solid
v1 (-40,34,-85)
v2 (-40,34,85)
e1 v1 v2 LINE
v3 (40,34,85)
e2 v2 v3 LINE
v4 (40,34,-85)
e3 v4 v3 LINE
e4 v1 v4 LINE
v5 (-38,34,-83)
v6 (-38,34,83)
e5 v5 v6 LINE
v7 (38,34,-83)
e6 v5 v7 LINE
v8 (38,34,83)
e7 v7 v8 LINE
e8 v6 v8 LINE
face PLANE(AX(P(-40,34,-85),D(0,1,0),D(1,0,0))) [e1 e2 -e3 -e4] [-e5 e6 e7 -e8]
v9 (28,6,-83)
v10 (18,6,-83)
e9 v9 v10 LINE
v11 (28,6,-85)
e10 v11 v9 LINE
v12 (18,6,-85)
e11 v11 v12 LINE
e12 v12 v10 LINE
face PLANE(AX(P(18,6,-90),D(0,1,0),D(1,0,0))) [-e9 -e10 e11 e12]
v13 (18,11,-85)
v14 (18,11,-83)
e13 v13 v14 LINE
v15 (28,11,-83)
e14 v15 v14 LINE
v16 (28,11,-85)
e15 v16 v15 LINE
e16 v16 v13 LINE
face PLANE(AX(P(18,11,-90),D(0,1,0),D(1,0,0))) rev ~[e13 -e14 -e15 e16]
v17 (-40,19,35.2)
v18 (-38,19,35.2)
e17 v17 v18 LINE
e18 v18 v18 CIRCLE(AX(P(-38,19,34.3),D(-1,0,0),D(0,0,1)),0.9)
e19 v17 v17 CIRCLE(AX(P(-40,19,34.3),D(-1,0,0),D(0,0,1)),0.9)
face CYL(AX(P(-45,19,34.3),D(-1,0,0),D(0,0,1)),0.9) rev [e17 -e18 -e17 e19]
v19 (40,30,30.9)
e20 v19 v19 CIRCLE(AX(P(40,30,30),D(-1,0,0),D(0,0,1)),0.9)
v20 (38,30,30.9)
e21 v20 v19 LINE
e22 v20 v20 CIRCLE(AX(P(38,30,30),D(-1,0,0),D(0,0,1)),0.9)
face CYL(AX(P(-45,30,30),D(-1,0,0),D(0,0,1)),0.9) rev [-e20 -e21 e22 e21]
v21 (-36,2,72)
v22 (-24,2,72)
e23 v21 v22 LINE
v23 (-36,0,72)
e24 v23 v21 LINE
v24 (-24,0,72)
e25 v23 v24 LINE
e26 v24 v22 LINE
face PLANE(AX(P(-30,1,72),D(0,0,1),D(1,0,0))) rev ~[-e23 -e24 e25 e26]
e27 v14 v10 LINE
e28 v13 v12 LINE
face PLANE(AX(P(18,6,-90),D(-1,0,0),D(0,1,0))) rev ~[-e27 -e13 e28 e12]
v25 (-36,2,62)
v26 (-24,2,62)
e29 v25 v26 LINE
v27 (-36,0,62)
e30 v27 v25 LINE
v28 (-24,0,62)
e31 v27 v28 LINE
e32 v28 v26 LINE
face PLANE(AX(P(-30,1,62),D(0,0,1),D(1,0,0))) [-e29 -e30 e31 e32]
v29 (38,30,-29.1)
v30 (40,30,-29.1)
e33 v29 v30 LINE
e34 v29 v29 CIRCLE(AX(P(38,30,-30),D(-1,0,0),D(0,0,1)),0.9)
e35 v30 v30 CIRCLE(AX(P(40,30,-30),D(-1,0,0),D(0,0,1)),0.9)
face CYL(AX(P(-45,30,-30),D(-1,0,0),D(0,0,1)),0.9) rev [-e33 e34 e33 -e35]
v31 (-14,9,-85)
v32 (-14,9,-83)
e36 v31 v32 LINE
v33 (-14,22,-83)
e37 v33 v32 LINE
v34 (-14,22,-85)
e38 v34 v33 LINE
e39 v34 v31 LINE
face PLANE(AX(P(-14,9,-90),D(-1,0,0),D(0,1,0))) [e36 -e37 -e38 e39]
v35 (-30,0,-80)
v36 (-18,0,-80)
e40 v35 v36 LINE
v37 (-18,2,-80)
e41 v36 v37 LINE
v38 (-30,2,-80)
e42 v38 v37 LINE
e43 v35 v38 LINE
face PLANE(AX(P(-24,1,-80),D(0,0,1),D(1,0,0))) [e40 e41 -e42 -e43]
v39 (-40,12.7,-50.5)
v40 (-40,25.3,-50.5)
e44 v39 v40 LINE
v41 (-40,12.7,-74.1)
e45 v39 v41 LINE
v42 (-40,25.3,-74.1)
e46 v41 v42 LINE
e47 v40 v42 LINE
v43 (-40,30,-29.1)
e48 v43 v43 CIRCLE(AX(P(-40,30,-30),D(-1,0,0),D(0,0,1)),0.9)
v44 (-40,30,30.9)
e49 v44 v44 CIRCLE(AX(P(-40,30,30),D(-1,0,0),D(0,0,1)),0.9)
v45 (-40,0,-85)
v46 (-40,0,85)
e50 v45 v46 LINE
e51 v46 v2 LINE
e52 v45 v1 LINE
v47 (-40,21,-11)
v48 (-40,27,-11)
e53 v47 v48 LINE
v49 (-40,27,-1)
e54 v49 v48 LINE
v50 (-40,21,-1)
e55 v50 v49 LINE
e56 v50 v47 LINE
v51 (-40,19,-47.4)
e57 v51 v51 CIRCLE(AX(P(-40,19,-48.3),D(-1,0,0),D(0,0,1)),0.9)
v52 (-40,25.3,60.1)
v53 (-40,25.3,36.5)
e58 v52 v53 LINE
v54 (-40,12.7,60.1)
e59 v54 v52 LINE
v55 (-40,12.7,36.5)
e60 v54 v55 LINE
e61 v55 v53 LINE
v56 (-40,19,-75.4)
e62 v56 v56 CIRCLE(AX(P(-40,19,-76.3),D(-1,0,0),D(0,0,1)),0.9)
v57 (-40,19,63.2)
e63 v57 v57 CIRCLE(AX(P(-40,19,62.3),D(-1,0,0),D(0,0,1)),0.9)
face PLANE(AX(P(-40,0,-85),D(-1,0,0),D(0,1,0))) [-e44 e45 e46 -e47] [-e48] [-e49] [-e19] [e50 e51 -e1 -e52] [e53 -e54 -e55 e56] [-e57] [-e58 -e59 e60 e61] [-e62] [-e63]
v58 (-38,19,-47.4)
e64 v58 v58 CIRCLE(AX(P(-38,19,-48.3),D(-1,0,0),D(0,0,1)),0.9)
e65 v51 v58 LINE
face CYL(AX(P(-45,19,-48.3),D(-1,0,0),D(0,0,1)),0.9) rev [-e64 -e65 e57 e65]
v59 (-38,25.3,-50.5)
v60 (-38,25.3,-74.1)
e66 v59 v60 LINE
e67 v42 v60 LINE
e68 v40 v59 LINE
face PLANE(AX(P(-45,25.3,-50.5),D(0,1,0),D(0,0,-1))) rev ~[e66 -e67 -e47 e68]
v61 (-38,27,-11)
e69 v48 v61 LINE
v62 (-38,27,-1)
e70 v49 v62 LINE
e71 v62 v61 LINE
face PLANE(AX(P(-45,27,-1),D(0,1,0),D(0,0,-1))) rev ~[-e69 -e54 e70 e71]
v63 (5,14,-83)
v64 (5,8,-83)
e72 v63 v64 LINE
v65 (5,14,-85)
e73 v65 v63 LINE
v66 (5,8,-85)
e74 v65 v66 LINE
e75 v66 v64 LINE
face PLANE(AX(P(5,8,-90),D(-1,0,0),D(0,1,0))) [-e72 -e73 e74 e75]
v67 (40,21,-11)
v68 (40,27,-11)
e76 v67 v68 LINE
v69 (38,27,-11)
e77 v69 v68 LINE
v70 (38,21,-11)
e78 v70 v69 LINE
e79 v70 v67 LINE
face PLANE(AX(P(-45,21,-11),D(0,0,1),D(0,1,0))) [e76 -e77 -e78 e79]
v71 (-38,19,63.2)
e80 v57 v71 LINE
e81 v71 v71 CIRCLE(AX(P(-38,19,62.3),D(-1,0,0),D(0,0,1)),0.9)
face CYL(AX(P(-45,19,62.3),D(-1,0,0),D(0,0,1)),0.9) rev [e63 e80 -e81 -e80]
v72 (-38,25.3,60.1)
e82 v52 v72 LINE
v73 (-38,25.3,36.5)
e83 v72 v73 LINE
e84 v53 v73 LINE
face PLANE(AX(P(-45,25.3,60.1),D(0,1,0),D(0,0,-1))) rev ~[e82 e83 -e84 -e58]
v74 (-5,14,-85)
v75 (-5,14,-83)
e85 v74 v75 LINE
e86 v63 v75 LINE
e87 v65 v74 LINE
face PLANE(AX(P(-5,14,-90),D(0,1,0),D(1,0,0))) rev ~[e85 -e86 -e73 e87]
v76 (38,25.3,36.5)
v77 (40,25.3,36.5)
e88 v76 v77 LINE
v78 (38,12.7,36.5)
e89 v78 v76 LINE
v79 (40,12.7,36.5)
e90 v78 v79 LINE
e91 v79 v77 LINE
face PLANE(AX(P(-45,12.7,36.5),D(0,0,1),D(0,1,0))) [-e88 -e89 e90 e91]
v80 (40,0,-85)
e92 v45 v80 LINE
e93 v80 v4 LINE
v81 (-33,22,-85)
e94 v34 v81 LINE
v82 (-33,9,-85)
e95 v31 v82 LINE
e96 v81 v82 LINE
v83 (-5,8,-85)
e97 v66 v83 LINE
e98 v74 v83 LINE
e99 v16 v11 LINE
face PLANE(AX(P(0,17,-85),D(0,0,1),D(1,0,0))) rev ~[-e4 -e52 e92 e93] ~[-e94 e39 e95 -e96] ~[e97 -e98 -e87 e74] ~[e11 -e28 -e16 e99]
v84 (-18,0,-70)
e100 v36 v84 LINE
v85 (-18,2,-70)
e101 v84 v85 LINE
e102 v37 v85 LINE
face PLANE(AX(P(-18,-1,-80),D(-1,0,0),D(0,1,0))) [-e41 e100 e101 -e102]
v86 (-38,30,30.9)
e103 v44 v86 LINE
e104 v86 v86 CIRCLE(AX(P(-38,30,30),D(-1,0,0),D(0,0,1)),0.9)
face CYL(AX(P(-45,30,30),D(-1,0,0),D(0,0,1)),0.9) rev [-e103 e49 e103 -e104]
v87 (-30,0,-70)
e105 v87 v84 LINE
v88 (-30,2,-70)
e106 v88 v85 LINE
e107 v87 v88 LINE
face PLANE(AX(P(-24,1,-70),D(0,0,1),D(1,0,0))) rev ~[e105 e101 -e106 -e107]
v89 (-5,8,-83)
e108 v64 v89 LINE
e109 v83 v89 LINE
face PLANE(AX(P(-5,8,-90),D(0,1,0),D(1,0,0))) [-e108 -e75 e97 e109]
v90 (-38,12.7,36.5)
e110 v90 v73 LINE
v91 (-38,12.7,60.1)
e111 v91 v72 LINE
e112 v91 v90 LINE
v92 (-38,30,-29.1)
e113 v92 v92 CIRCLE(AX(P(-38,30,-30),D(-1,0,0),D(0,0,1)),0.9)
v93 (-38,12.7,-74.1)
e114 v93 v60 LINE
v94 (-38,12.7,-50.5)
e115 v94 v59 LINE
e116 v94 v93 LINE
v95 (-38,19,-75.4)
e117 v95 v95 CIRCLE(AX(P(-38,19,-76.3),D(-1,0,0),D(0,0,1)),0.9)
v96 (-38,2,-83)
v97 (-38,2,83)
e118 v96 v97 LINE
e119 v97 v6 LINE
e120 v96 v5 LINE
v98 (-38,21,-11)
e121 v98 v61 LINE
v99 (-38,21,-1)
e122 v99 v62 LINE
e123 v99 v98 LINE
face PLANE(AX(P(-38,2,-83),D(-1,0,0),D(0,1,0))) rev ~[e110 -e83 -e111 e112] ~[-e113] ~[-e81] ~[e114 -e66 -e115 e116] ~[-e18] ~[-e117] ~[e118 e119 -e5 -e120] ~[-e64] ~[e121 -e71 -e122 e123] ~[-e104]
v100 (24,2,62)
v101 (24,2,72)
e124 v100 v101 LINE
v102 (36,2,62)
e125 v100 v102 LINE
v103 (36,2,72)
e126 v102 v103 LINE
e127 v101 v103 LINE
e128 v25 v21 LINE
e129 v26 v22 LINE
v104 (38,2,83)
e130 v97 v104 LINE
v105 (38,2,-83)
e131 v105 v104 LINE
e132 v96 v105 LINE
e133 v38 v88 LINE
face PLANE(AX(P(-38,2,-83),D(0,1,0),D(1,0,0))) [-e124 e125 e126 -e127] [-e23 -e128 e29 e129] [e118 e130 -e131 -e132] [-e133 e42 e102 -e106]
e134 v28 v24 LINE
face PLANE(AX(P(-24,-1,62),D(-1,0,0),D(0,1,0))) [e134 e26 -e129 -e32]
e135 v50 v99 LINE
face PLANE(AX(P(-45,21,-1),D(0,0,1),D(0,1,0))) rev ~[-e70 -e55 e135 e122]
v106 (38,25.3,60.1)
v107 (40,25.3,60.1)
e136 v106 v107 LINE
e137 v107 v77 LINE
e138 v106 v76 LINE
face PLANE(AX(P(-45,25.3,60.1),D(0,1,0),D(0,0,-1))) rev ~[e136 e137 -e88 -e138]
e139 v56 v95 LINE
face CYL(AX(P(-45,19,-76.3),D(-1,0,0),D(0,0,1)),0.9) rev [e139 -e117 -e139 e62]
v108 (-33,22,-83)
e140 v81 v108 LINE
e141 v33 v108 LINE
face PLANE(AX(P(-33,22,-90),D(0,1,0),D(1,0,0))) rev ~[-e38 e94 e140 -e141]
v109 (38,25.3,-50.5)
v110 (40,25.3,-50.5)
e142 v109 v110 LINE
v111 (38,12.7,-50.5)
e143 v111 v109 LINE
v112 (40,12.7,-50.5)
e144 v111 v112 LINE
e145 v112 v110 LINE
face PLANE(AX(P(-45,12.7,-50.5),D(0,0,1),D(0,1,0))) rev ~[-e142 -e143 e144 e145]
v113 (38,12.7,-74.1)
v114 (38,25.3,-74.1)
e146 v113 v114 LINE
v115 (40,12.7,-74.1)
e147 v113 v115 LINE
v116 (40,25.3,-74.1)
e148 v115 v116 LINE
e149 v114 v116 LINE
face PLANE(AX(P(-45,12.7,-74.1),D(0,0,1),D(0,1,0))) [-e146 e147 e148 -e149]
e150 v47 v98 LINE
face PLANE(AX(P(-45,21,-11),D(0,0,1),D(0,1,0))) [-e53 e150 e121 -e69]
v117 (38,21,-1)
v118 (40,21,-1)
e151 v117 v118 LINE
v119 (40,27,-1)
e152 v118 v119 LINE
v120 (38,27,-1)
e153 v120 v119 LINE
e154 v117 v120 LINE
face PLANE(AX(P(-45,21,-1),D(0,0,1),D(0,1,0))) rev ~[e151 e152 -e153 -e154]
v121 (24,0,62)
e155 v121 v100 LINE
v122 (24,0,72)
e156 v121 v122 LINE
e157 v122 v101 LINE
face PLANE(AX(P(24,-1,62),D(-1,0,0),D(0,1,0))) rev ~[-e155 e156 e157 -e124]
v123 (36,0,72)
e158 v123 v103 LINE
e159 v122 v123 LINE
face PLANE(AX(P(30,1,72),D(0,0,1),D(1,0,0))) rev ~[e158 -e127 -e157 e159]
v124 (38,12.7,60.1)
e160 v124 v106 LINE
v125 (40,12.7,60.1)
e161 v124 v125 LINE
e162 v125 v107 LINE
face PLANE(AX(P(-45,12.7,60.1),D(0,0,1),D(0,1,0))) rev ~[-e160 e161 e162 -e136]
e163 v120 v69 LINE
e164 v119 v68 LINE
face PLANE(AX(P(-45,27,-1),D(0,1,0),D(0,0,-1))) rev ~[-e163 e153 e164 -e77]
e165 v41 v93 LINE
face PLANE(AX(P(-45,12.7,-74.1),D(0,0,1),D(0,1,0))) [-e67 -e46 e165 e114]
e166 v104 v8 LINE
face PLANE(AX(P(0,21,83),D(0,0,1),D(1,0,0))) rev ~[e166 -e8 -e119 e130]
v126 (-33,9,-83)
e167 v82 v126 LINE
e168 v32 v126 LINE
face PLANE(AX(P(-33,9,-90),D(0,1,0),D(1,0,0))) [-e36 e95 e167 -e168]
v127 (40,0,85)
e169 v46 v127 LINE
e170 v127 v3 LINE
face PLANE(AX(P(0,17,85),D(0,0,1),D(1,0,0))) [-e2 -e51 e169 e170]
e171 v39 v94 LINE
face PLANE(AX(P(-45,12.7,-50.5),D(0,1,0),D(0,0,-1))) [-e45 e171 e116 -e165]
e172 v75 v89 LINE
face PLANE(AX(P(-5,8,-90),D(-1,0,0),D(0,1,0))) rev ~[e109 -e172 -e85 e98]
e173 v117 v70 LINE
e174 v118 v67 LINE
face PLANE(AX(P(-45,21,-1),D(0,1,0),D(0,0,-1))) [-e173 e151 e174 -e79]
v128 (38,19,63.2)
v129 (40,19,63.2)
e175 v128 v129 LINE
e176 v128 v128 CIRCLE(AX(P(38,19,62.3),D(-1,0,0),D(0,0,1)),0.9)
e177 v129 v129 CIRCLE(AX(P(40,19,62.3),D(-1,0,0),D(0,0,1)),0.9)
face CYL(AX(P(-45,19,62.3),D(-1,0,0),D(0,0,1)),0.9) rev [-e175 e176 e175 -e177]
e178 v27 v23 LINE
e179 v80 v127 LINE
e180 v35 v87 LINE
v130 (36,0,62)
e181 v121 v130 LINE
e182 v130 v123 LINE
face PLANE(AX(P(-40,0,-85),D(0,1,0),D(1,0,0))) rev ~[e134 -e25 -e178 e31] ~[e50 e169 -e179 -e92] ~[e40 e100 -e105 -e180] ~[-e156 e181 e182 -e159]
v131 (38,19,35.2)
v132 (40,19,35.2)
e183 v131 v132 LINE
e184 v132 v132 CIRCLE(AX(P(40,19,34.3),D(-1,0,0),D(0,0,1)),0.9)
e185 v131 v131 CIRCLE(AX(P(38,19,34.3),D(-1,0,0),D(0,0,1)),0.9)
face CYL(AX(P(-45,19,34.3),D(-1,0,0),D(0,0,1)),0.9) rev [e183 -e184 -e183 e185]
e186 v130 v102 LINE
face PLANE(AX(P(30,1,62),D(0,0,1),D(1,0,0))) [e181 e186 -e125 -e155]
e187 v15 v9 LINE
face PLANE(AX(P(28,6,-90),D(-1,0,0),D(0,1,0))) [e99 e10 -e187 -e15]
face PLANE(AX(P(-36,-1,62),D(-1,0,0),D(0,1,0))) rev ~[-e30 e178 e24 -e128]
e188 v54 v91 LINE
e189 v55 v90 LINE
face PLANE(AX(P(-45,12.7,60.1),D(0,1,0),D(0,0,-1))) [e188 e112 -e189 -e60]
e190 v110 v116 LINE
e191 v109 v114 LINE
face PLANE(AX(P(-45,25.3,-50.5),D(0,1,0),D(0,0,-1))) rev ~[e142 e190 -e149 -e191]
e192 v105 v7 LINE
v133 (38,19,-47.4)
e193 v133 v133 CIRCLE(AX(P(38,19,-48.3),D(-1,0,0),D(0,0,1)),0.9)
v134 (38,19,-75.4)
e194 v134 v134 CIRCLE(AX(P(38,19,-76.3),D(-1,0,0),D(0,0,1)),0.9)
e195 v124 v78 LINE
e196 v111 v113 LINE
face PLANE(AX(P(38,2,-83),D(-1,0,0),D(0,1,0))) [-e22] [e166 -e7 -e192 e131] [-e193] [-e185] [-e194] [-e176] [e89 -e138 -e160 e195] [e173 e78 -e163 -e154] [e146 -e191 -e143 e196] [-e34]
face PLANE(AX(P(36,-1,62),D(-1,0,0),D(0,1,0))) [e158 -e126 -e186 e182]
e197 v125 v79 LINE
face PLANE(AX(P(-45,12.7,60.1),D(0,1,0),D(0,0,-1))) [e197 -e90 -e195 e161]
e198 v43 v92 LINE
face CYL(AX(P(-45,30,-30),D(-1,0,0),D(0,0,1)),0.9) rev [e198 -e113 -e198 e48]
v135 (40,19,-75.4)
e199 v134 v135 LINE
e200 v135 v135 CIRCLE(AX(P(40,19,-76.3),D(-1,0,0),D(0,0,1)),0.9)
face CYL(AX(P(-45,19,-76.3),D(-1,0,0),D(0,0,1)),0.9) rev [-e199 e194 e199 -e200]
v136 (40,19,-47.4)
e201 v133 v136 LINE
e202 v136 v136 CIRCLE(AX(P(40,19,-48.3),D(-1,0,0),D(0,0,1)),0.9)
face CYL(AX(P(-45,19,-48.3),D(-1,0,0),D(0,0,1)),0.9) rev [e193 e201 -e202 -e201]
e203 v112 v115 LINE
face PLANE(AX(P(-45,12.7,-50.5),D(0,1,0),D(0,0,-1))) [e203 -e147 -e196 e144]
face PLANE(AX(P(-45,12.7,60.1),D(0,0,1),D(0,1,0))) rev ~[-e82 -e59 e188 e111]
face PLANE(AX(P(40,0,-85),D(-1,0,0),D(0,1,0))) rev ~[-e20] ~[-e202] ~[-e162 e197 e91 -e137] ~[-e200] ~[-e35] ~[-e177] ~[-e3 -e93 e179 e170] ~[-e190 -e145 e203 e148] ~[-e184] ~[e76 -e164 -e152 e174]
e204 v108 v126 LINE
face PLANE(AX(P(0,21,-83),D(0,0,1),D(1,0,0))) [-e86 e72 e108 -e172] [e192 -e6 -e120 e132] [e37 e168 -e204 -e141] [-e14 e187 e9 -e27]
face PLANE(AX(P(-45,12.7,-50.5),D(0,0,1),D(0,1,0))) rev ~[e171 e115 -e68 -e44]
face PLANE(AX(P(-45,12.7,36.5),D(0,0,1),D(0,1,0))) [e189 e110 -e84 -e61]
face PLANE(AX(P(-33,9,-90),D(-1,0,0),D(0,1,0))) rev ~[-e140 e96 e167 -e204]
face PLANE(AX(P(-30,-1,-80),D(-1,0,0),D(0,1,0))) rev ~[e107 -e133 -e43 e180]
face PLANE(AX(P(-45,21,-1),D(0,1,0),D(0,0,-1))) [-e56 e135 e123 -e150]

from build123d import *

# Parameters (mm, degrees)
BOSS_EXTRUDE1_START  = -85
SKETCH1_W            = 80
SKETCH1_H            = 34
BOSS_EXTRUDE1_DEPTH  = 170
BOSS_EXTRUDE2_START  = -83
SKETCH2_W            = 76
SKETCH2_H            = 38
BOSS_EXTRUDE2_DEPTH  = 166
BOSS_EXTRUDE3_START  = -45
SKETCH3_W            = 23.6
SKETCH3_H            = 12.6
BOSS_EXTRUDE3_DEPTH  = 90
BOSS_EXTRUDE4_START  = -45
SKETCH4_R            = 0.9
BOSS_EXTRUDE4_DEPTH  = 90
BOSS_EXTRUDE5_START  = -45
SKETCH5_R            = 0.9
BOSS_EXTRUDE5_DEPTH  = 90
BOSS_EXTRUDE6_START  = -45
SKETCH6_W            = 23.6
SKETCH6_H            = 12.6
BOSS_EXTRUDE6_DEPTH  = 90
BOSS_EXTRUDE7_START  = -45
SKETCH7_R            = 0.9
BOSS_EXTRUDE7_DEPTH  = 90
BOSS_EXTRUDE8_START  = -45
SKETCH8_R            = 0.9
BOSS_EXTRUDE8_DEPTH  = 90
BOSS_EXTRUDE9_START  = -45
SKETCH9_W            = 10
SKETCH9_H            = 6
BOSS_EXTRUDE9_DEPTH  = 90
BOSS_EXTRUDE10_START = -90
SKETCH10_W           = 10
SKETCH10_H           = 6
BOSS_EXTRUDE10_DEPTH = 10
BOSS_EXTRUDE11_START = -90
SKETCH11_W           = 10
SKETCH11_H           = 5
BOSS_EXTRUDE11_DEPTH = 10
BOSS_EXTRUDE12_START = -90
SKETCH12_W           = 19
SKETCH12_H           = 13
BOSS_EXTRUDE12_DEPTH = 10
BOSS_EXTRUDE13_START = 62
SKETCH13_W           = 12
SKETCH13_H           = 4
BOSS_EXTRUDE13_DEPTH = 10
BOSS_EXTRUDE14_START = 62
SKETCH14_W           = 12
SKETCH14_H           = 4
BOSS_EXTRUDE14_DEPTH = 10
BOSS_EXTRUDE15_START = -80
SKETCH15_W           = 12
SKETCH15_H           = 4
BOSS_EXTRUDE15_DEPTH = 10
BOSS_EXTRUDE16_START = -45
SKETCH16_R           = 0.9
BOSS_EXTRUDE16_DEPTH = 90
BOSS_EXTRUDE17_START = -45
SKETCH17_R           = 0.9
BOSS_EXTRUDE17_DEPTH = 90


with BuildPart() as part:
    # Sketch1 → Boss-Extrude1 (new body)
    with BuildSketch(Plane.XY.offset(BOSS_EXTRUDE1_START)):
        with Locations((0, 17)):
            Rectangle(SKETCH1_W, SKETCH1_H)
    extrude(amount=BOSS_EXTRUDE1_DEPTH)


with BuildPart() as body_2:
    # Sketch2 → Boss-Extrude2 (new body)
    with BuildSketch(Plane.XY.offset(BOSS_EXTRUDE2_START)):
        with Locations((0, 21)):
            Rectangle(SKETCH2_W, SKETCH2_H)
    extrude(amount=BOSS_EXTRUDE2_DEPTH)


with BuildPart() as part_1:
    add(part.part)

    # Combine1: cut body 2
    add(body_2.part, mode=Mode.SUBTRACT)


with BuildPart() as body_2_2:
    # Sketch3 → Boss-Extrude3 (new body)
    with BuildSketch(Plane(origin=(0, 0, 0), x_dir=(0, 0, -1), z_dir=(1, 0, 0)).offset(BOSS_EXTRUDE3_START)):
        with Locations((-48.3, 19)):
            Rectangle(SKETCH3_W, SKETCH3_H)
    extrude(amount=BOSS_EXTRUDE3_DEPTH)


with BuildPart() as part_2:
    add(part_1.part)

    # Combine2: cut body 2 2
    add(body_2_2.part, mode=Mode.SUBTRACT)


with BuildPart() as body_2_3:
    # Sketch4 → Boss-Extrude4 (new body)
    with BuildSketch(Plane(origin=(0, 0, 0), x_dir=(0, 0, -1), z_dir=(1, 0, 0)).offset(BOSS_EXTRUDE4_START)):
        with Locations((-34.3, 19)):
            Circle(SKETCH4_R)
    extrude(amount=BOSS_EXTRUDE4_DEPTH)


with BuildPart() as part_3:
    add(part_2.part)

    # Combine3: cut body 2 3
    add(body_2_3.part, mode=Mode.SUBTRACT)


with BuildPart() as body_2_4:
    # Sketch5 → Boss-Extrude5 (new body)
    with BuildSketch(Plane(origin=(0, 0, 0), x_dir=(0, 0, -1), z_dir=(1, 0, 0)).offset(BOSS_EXTRUDE5_START)):
        with Locations((-62.3, 19)):
            Circle(SKETCH5_R)
    extrude(amount=BOSS_EXTRUDE5_DEPTH)


with BuildPart() as part_4:
    add(part_3.part)

    # Combine4: cut body 2 4
    add(body_2_4.part, mode=Mode.SUBTRACT)


with BuildPart() as body_2_5:
    # Sketch6 → Boss-Extrude6 (new body)
    with BuildSketch(Plane(origin=(0, 0, 0), x_dir=(0, 0, -1), z_dir=(1, 0, 0)).offset(BOSS_EXTRUDE6_START)):
        with Locations((62.3, 19)):
            Rectangle(SKETCH6_W, SKETCH6_H)
    extrude(amount=BOSS_EXTRUDE6_DEPTH)


with BuildPart() as part_5:
    add(part_4.part)

    # Combine5: cut body 2 5
    add(body_2_5.part, mode=Mode.SUBTRACT)


with BuildPart() as body_2_6:
    # Sketch7 → Boss-Extrude7 (new body)
    with BuildSketch(Plane(origin=(0, 0, 0), x_dir=(0, 0, -1), z_dir=(1, 0, 0)).offset(BOSS_EXTRUDE7_START)):
        with Locations((76.3, 19)):
            Circle(SKETCH7_R)
    extrude(amount=BOSS_EXTRUDE7_DEPTH)


with BuildPart() as part_6:
    add(part_5.part)

    # Combine6: cut body 2 6
    add(body_2_6.part, mode=Mode.SUBTRACT)


with BuildPart() as body_2_7:
    # Sketch8 → Boss-Extrude8 (new body)
    with BuildSketch(Plane(origin=(0, 0, 0), x_dir=(0, 0, -1), z_dir=(1, 0, 0)).offset(BOSS_EXTRUDE8_START)):
        with Locations((48.3, 19)):
            Circle(SKETCH8_R)
    extrude(amount=BOSS_EXTRUDE8_DEPTH)


with BuildPart() as part_7:
    add(part_6.part)

    # Combine7: cut body 2 7
    add(body_2_7.part, mode=Mode.SUBTRACT)


with BuildPart() as body_2_8:
    # Sketch9 → Boss-Extrude9 (new body)
    with BuildSketch(Plane(origin=(0, 0, 0), x_dir=(0, 0, -1), z_dir=(1, 0, 0)).offset(BOSS_EXTRUDE9_START)):
        with Locations((6, 24)):
            Rectangle(SKETCH9_W, SKETCH9_H)
    extrude(amount=BOSS_EXTRUDE9_DEPTH)


with BuildPart() as part_8:
    add(part_7.part)

    # Combine8: cut body 2 8
    add(body_2_8.part, mode=Mode.SUBTRACT)


with BuildPart() as body_2_9:
    # Sketch10 → Boss-Extrude10 (new body)
    with BuildSketch(Plane.XY.offset(BOSS_EXTRUDE10_START)):
        with Locations((0, 11)):
            Rectangle(SKETCH10_W, SKETCH10_H)
    extrude(amount=BOSS_EXTRUDE10_DEPTH)


with BuildPart() as part_9:
    add(part_8.part)

    # Combine9: cut body 2 9
    add(body_2_9.part, mode=Mode.SUBTRACT)


with BuildPart() as body_2_10:
    # Sketch11 → Boss-Extrude11 (new body)
    with BuildSketch(Plane.XY.offset(BOSS_EXTRUDE11_START)):
        with Locations((23, 8.5)):
            Rectangle(SKETCH11_W, SKETCH11_H)
    extrude(amount=BOSS_EXTRUDE11_DEPTH)


with BuildPart() as part_10:
    add(part_9.part)

    # Combine10: cut body 2 10
    add(body_2_10.part, mode=Mode.SUBTRACT)


with BuildPart() as body_2_11:
    # Sketch12 → Boss-Extrude12 (new body)
    with BuildSketch(Plane.XY.offset(BOSS_EXTRUDE12_START)):
        with Locations((-23.5, 15.5)):
            Rectangle(SKETCH12_W, SKETCH12_H)
    extrude(amount=BOSS_EXTRUDE12_DEPTH)


with BuildPart() as part_11:
    add(part_10.part)

    # Combine11: cut body 2 11
    add(body_2_11.part, mode=Mode.SUBTRACT)


with BuildPart() as body_2_12:
    # Sketch13 → Boss-Extrude13 (new body)
    with BuildSketch(Plane.XY.offset(BOSS_EXTRUDE13_START)):
        with Locations((-30, 1)):
            Rectangle(SKETCH13_W, SKETCH13_H)
    extrude(amount=BOSS_EXTRUDE13_DEPTH)


with BuildPart() as part_12:
    add(part_11.part)

    # Combine12: cut body 2 12
    add(body_2_12.part, mode=Mode.SUBTRACT)


with BuildPart() as body_2_13:
    # Sketch14 → Boss-Extrude14 (new body)
    with BuildSketch(Plane.XY.offset(BOSS_EXTRUDE14_START)):
        with Locations((30, 1)):
            Rectangle(SKETCH14_W, SKETCH14_H)
    extrude(amount=BOSS_EXTRUDE14_DEPTH)


with BuildPart() as part_13:
    add(part_12.part)

    # Combine13: cut body 2 13
    add(body_2_13.part, mode=Mode.SUBTRACT)


with BuildPart() as body_2_14:
    # Sketch15 → Boss-Extrude15 (new body)
    with BuildSketch(Plane.XY.offset(BOSS_EXTRUDE15_START)):
        with Locations((-24, 1)):
            Rectangle(SKETCH15_W, SKETCH15_H)
    extrude(amount=BOSS_EXTRUDE15_DEPTH)


with BuildPart() as part_14:
    add(part_13.part)

    # Combine14: cut body 2 14
    add(body_2_14.part, mode=Mode.SUBTRACT)


with BuildPart() as body_2_15:
    # Sketch16 → Boss-Extrude16 (new body)
    with BuildSketch(Plane(origin=(0, 0, 0), x_dir=(0, 0, -1), z_dir=(1, 0, 0)).offset(BOSS_EXTRUDE16_START)):
        with Locations((30, 30)):
            Circle(SKETCH16_R)
    extrude(amount=BOSS_EXTRUDE16_DEPTH)


with BuildPart() as part_15:
    add(part_14.part)

    # Combine15: cut body 2 15
    add(body_2_15.part, mode=Mode.SUBTRACT)


with BuildPart() as body_2_16:
    # Sketch17 → Boss-Extrude17 (new body)
    with BuildSketch(Plane(origin=(0, 0, 0), x_dir=(0, 0, -1), z_dir=(1, 0, 0)).offset(BOSS_EXTRUDE17_START)):
        with Locations((-30, 30)):
            Circle(SKETCH17_R)
    extrude(amount=BOSS_EXTRUDE17_DEPTH)


with BuildPart() as part_16:
    add(part_15.part)

    # Combine16: cut body 2 16
    add(body_2_16.part, mode=Mode.SUBTRACT)


solid = part_16.part
